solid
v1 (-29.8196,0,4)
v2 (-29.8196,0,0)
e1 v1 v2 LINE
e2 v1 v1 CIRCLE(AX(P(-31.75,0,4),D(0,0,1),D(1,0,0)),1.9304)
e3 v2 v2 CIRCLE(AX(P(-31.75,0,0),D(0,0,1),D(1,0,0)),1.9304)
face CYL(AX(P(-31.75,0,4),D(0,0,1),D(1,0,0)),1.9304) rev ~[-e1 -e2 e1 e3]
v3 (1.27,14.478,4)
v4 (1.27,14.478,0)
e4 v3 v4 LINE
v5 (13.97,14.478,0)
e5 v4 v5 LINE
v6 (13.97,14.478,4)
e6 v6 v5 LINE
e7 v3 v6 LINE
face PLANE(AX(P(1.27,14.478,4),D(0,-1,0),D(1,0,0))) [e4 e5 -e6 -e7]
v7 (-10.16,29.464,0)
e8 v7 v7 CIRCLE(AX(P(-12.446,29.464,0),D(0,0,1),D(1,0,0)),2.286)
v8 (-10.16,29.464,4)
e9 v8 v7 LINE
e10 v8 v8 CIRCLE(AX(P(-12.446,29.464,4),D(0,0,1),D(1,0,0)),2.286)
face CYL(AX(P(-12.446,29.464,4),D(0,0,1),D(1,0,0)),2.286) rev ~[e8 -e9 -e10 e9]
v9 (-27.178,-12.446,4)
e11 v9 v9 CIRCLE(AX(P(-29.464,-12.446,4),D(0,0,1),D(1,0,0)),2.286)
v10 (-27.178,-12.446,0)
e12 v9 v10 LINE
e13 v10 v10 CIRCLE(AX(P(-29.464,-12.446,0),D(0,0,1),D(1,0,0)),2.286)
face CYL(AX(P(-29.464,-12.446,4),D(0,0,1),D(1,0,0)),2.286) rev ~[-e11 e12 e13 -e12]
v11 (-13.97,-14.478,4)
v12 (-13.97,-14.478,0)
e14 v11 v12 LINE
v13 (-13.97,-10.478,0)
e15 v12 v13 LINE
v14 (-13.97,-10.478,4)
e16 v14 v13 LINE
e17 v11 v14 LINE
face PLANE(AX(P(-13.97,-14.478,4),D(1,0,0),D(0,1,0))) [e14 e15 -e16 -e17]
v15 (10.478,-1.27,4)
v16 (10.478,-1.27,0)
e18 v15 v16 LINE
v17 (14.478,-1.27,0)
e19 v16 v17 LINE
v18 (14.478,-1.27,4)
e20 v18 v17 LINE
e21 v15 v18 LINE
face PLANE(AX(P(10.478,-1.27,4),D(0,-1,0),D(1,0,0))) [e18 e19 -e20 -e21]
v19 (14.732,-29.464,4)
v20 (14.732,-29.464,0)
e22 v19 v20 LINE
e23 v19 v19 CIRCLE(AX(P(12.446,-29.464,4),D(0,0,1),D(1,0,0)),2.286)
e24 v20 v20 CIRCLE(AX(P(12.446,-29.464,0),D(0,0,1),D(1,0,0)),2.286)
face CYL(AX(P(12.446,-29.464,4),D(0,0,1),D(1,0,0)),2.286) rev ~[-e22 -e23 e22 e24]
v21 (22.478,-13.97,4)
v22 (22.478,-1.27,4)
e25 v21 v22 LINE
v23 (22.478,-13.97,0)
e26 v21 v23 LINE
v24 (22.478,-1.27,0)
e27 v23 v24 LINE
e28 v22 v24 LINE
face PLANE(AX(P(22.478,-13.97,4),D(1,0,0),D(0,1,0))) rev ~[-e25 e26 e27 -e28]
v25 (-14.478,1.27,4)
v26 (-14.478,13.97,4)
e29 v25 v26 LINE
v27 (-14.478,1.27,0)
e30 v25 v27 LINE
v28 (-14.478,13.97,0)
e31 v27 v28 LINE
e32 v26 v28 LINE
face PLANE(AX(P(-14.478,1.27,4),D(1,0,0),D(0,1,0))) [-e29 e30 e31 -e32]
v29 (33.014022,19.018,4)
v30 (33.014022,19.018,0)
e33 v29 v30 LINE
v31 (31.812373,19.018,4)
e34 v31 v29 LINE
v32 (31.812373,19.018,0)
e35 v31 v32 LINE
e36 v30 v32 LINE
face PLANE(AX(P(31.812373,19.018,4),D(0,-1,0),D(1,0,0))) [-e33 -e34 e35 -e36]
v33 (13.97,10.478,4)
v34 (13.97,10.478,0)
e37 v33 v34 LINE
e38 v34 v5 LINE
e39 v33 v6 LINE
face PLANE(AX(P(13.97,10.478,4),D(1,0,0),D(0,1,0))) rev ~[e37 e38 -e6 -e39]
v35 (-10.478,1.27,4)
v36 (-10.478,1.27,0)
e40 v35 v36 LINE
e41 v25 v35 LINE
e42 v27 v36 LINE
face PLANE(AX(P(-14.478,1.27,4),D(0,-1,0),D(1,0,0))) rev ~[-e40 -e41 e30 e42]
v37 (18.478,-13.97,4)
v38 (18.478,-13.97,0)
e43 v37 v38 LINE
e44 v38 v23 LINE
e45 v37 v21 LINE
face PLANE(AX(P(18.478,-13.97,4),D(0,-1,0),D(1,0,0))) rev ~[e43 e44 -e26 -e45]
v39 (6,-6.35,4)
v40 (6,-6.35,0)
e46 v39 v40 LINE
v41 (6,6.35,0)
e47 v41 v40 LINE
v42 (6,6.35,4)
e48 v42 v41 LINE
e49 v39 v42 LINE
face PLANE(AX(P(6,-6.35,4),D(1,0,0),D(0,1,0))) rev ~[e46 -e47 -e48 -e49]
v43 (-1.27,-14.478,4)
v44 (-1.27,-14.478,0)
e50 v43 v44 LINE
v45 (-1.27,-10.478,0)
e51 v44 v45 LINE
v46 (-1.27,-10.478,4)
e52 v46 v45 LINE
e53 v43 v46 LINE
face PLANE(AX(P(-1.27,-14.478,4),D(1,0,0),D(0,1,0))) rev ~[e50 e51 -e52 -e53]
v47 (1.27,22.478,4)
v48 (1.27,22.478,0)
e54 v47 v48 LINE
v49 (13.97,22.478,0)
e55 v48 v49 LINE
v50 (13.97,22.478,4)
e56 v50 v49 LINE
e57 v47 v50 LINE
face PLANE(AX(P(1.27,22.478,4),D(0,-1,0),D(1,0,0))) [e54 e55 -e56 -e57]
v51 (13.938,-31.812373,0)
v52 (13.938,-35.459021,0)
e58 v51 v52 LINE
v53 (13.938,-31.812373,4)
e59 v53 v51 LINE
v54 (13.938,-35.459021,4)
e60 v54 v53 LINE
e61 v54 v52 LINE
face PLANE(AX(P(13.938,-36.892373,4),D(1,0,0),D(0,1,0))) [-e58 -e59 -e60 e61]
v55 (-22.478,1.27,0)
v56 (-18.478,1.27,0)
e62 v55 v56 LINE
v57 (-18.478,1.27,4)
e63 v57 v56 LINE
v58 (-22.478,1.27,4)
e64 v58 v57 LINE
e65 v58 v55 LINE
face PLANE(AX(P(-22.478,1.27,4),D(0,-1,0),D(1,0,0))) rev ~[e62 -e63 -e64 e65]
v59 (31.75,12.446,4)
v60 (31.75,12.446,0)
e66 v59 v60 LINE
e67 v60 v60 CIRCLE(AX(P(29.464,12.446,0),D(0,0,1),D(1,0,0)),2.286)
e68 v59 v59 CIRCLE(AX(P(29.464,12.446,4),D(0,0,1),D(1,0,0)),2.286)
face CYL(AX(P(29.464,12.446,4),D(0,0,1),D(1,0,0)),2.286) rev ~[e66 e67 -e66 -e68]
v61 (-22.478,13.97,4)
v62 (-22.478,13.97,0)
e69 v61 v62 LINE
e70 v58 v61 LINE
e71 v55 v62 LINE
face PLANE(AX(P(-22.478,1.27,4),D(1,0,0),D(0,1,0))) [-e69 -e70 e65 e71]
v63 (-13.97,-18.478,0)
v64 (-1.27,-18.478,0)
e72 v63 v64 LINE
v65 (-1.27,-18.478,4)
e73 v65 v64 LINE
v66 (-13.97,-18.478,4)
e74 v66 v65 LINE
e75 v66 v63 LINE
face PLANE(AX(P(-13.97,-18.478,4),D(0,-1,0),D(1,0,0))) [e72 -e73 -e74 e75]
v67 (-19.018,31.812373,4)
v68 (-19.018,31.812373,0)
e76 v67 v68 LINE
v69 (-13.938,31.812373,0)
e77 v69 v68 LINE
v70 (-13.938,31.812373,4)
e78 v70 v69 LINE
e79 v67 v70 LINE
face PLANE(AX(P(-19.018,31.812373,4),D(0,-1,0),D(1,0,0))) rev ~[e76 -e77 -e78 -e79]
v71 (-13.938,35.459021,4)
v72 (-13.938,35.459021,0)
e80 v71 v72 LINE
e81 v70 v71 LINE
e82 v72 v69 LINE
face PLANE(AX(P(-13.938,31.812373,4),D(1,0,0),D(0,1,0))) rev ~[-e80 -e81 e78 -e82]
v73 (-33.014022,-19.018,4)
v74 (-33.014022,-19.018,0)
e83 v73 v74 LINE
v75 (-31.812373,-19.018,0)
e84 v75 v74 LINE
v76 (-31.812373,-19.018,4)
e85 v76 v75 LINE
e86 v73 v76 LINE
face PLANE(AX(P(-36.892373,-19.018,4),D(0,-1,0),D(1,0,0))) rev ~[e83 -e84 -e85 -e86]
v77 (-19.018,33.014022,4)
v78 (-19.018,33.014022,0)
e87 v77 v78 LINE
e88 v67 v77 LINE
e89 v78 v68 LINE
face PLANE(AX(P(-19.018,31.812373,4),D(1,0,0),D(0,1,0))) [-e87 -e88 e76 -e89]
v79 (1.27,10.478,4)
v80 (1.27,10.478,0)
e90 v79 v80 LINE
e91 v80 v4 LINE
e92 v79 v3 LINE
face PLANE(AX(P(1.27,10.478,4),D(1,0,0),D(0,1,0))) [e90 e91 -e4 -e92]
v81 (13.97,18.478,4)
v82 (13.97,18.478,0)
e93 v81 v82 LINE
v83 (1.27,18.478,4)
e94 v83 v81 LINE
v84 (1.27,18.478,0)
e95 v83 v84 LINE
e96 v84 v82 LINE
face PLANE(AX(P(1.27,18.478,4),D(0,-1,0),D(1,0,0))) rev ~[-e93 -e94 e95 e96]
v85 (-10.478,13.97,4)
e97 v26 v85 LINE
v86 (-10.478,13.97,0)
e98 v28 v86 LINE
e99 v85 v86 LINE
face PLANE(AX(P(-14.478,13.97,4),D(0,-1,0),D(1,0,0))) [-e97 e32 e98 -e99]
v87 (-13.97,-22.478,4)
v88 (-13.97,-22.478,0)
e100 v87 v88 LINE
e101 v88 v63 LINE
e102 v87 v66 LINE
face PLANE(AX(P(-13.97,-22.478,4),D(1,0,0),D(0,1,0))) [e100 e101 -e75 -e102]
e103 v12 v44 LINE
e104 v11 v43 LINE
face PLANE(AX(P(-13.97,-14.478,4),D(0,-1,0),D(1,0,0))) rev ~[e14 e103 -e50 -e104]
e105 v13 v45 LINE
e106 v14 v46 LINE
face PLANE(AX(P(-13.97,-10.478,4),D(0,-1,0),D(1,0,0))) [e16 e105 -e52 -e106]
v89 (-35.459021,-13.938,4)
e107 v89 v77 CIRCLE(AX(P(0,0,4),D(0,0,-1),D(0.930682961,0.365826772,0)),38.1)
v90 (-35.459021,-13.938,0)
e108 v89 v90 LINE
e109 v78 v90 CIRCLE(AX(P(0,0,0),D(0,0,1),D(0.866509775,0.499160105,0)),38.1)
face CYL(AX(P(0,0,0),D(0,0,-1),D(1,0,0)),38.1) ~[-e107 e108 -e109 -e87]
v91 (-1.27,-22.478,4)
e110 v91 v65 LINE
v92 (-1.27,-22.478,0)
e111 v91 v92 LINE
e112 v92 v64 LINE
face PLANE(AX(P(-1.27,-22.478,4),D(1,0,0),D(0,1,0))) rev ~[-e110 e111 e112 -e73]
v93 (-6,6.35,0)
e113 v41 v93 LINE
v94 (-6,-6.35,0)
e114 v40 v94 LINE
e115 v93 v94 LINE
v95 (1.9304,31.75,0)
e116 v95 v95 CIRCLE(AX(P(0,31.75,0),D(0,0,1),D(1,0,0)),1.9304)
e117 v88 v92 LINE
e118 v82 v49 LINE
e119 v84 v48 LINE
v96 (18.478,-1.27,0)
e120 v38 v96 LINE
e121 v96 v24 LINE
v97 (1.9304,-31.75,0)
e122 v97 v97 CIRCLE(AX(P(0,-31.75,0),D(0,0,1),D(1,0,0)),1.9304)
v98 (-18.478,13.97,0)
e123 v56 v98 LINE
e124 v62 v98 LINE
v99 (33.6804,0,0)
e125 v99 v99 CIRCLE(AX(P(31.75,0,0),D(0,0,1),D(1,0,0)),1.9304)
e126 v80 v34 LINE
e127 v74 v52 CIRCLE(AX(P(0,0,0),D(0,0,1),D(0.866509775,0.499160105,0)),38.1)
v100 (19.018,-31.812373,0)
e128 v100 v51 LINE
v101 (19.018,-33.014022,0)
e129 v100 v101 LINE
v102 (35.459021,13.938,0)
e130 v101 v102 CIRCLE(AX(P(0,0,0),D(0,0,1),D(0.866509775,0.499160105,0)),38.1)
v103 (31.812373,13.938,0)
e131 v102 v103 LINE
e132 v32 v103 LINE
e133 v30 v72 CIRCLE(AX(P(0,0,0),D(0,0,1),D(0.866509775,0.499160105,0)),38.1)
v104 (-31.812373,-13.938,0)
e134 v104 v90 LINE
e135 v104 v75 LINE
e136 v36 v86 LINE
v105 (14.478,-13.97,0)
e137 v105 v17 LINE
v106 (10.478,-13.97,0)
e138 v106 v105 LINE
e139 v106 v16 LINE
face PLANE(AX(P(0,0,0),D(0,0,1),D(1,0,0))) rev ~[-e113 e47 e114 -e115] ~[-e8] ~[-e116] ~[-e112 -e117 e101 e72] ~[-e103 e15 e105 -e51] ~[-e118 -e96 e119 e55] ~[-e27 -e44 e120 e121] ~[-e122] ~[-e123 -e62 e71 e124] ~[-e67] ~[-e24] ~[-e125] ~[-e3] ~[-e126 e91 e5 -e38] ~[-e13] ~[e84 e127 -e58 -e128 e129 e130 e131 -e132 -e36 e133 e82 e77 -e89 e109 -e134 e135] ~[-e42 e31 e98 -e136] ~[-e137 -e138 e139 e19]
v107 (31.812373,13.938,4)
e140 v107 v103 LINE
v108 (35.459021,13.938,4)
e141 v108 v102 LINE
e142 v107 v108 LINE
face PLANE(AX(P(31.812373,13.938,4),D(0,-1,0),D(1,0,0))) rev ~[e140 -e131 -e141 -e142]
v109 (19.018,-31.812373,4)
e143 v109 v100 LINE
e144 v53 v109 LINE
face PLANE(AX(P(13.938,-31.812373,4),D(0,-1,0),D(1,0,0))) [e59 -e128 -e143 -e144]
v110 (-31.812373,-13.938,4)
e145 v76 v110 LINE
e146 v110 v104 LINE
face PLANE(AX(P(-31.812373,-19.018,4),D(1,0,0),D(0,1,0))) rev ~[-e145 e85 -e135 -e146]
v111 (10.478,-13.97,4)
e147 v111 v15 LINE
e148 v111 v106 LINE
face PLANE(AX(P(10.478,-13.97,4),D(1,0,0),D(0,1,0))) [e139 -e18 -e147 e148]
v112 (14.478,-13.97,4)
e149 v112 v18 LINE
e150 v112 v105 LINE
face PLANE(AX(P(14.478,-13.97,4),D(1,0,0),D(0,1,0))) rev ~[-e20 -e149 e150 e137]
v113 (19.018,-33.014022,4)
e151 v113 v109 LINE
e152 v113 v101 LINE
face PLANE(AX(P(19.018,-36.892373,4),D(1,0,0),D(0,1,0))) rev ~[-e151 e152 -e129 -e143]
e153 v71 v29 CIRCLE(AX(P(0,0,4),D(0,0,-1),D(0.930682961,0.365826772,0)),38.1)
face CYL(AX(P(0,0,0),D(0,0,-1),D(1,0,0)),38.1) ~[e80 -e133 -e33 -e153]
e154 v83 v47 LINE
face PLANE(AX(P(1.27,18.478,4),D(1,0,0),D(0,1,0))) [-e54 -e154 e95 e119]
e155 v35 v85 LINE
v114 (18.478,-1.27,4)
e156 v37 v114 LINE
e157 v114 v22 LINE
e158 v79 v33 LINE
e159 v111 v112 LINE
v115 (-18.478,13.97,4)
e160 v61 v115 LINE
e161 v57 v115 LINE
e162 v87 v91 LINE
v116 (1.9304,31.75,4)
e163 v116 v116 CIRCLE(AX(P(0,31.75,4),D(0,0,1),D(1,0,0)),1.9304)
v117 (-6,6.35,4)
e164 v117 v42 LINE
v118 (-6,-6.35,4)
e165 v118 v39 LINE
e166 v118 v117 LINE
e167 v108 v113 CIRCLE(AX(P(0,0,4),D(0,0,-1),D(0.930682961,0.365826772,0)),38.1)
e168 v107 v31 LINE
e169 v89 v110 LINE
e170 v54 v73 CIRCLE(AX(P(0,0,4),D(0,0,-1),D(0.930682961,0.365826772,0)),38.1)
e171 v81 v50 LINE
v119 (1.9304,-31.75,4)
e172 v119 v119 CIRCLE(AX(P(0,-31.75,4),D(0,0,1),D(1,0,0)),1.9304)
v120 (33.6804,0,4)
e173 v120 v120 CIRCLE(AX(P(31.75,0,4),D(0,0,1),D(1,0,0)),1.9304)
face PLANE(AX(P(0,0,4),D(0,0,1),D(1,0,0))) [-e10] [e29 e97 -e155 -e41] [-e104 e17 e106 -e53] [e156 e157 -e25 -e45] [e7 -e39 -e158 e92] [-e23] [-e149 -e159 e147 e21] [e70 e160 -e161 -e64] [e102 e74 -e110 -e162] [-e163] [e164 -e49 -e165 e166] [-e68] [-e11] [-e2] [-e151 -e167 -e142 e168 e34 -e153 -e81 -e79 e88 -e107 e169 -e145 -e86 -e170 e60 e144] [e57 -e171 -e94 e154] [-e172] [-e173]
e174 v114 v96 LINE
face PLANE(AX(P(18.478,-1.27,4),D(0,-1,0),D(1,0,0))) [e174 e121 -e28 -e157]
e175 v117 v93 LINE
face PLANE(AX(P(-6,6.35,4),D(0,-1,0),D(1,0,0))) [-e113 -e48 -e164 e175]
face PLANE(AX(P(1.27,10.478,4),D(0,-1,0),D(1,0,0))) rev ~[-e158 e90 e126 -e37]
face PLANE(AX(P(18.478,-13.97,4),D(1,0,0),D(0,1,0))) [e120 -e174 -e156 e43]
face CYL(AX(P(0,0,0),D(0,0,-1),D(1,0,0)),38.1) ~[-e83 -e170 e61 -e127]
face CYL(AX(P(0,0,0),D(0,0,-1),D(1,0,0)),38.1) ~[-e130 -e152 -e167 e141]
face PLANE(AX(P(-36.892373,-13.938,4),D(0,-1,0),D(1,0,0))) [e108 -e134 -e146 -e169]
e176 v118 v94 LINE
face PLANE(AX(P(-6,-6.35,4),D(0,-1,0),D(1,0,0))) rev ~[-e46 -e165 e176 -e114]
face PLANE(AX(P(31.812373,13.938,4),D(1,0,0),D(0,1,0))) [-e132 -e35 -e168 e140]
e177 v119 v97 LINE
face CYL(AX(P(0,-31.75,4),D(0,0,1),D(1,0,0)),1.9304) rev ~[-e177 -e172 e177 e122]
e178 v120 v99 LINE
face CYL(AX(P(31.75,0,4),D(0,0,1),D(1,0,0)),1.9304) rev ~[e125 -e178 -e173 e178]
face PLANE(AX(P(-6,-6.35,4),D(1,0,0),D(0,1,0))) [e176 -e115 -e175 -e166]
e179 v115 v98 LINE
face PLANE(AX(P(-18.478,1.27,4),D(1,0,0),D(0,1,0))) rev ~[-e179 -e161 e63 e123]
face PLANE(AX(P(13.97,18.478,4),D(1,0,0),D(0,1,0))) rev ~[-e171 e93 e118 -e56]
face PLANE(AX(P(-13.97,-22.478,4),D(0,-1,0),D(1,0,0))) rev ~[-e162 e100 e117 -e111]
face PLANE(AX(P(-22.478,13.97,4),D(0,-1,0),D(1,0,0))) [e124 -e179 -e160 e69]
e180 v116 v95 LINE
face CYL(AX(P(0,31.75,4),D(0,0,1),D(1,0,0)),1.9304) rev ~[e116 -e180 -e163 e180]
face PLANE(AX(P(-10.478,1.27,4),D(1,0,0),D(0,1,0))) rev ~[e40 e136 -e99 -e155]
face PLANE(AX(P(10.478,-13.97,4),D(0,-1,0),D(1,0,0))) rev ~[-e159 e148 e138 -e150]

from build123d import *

# Parameters (mm, degrees)
SKETCH1_R           = 38.1
BOSS_EXTRUDE1_DEPTH = 4
SKETCH2_R           = 2.286
SKETCH2_W           = 12.7
SKETCH2_H           = 4
SKETCH2_W_2         = 4
SKETCH2_H_2         = 12.7
CUT_EXTRUDE1_DEPTH  = 55.029806589
CUT_EXTRUDE2_REACH  = 56.03
SKETCH3_W           = 12
SKETCH3_H           = 12.7
SKETCH4_R           = 1.9304
CUT_EXTRUDE3_DEPTH  = 55.029806589
CUT_EXTRUDE4_REACH  = 56.03
SKETCH5_W           = 5.08
SKETCH5_H           = 5.08


with BuildPart() as part:
    # Sketch1 → Boss-Extrude1 (new body)
    with BuildSketch(Plane.XY):
        Circle(SKETCH1_R)
    extrude(amount=BOSS_EXTRUDE1_DEPTH)

    # Sketch2 → Cut-Extrude1 (cut, through all)
    with BuildSketch(Plane.XY.offset(4)):
        with Locations((12.446, -29.464)):
            Circle(SKETCH2_R)
        with Locations((-29.464, -12.446)):
            Circle(SKETCH2_R)
        with Locations((-12.446, 29.464)):
            Circle(SKETCH2_R)
        with Locations((29.464, 12.446)):
            Circle(SKETCH2_R)
        with Locations((-7.62, -12.478)):
            Rectangle(SKETCH2_W, SKETCH2_H)
        with Locations((12.478, -7.62)):
            Rectangle(SKETCH2_W_2, SKETCH2_H_2)
        with Locations((20.478, -7.62)):
            Rectangle(SKETCH2_W_2, SKETCH2_H_2)
        with Locations((-7.62, -20.478)):
            Rectangle(SKETCH2_W, SKETCH2_H)
        with Locations((-12.478, 7.62)):
            Rectangle(SKETCH2_W_2, SKETCH2_H_2)
        with Locations((-20.478, 7.62)):
            Rectangle(SKETCH2_W_2, SKETCH2_H_2)
        with Locations((7.62, 12.478)):
            Rectangle(SKETCH2_W, SKETCH2_H)
        with Locations((7.62, 20.478)):
            Rectangle(SKETCH2_W, SKETCH2_H)
    extrude(amount=-CUT_EXTRUDE1_DEPTH, mode=Mode.SUBTRACT)

    # Sketch3 → Cut-Extrude2 (cut, up to next)
    with BuildSketch(Plane.XY.offset(4), mode=Mode.PRIVATE) as cut_extrude2_sk1:
        Rectangle(SKETCH3_W, SKETCH3_H)
    cut_extrude2_tool1 = extrude(cut_extrude2_sk1.sketch, amount=-CUT_EXTRUDE2_REACH, mode=Mode.PRIVATE) & part.part
    add(cut_extrude2_tool1.solids().sort_by_distance((0, 0, 4))[0], mode=Mode.SUBTRACT)

    # Sketch4 → Cut-Extrude3 (cut, through all)
    with BuildSketch(Plane.XY.offset(4)):
        with Locations((0, -31.75)):
            Circle(SKETCH4_R)
        with Locations((31.75, 0)):
            Circle(SKETCH4_R)
        with Locations((0, 31.75)):
            Circle(SKETCH4_R)
        with Locations((-31.75, 0)):
            Circle(SKETCH4_R)
    extrude(amount=-CUT_EXTRUDE3_DEPTH, mode=Mode.SUBTRACT)

    # Sketch5 → Cut-Extrude4 (cut, up to next)
    with BuildSketch(Plane.XY.offset(4), mode=Mode.PRIVATE) as cut_extrude4_sk1:
        with Locations((34.352372786, 16.478)):
            Rectangle(SKETCH5_W, SKETCH5_H)
    cut_extrude4_tool1 = extrude(cut_extrude4_sk1.sketch, amount=-CUT_EXTRUDE4_REACH, mode=Mode.PRIVATE) & part.part
    # Sketch5 → Cut-Extrude4 (cut, up to next)
    with BuildSketch(Plane.XY.offset(4), mode=Mode.PRIVATE) as cut_extrude4_sk2:
        with Locations((16.478, -34.352372786)):
            Rectangle(SKETCH5_W, SKETCH5_H)
    cut_extrude4_tool2 = extrude(cut_extrude4_sk2.sketch, amount=-CUT_EXTRUDE4_REACH, mode=Mode.PRIVATE) & part.part
    # Sketch5 → Cut-Extrude4 (cut, up to next)
    with BuildSketch(Plane.XY.offset(4), mode=Mode.PRIVATE) as cut_extrude4_sk3:
        with Locations((-34.352372786, -16.478)):
            Rectangle(SKETCH5_W, SKETCH5_H)
    cut_extrude4_tool3 = extrude(cut_extrude4_sk3.sketch, amount=-CUT_EXTRUDE4_REACH, mode=Mode.PRIVATE) & part.part
    # Sketch5 → Cut-Extrude4 (cut, up to next)
    with BuildSketch(Plane.XY.offset(4), mode=Mode.PRIVATE) as cut_extrude4_sk4:
        with Locations((-16.478, 34.352372786)):
            Rectangle(SKETCH5_W, SKETCH5_H)
    cut_extrude4_tool4 = extrude(cut_extrude4_sk4.sketch, amount=-CUT_EXTRUDE4_REACH, mode=Mode.PRIVATE) & part.part
    add(cut_extrude4_tool1.solids().sort_by_distance((34.352373, 16.478, 4))[0], mode=Mode.SUBTRACT)
    add(cut_extrude4_tool2.solids().sort_by_distance((16.478, -34.352373, 4))[0], mode=Mode.SUBTRACT)
    add(cut_extrude4_tool3.solids().sort_by_distance((-34.352373, -16.478, 4))[0], mode=Mode.SUBTRACT)
    add(cut_extrude4_tool4.solids().sort_by_distance((-16.478, 34.352373, 4))[0], mode=Mode.SUBTRACT)


solid = part.part
